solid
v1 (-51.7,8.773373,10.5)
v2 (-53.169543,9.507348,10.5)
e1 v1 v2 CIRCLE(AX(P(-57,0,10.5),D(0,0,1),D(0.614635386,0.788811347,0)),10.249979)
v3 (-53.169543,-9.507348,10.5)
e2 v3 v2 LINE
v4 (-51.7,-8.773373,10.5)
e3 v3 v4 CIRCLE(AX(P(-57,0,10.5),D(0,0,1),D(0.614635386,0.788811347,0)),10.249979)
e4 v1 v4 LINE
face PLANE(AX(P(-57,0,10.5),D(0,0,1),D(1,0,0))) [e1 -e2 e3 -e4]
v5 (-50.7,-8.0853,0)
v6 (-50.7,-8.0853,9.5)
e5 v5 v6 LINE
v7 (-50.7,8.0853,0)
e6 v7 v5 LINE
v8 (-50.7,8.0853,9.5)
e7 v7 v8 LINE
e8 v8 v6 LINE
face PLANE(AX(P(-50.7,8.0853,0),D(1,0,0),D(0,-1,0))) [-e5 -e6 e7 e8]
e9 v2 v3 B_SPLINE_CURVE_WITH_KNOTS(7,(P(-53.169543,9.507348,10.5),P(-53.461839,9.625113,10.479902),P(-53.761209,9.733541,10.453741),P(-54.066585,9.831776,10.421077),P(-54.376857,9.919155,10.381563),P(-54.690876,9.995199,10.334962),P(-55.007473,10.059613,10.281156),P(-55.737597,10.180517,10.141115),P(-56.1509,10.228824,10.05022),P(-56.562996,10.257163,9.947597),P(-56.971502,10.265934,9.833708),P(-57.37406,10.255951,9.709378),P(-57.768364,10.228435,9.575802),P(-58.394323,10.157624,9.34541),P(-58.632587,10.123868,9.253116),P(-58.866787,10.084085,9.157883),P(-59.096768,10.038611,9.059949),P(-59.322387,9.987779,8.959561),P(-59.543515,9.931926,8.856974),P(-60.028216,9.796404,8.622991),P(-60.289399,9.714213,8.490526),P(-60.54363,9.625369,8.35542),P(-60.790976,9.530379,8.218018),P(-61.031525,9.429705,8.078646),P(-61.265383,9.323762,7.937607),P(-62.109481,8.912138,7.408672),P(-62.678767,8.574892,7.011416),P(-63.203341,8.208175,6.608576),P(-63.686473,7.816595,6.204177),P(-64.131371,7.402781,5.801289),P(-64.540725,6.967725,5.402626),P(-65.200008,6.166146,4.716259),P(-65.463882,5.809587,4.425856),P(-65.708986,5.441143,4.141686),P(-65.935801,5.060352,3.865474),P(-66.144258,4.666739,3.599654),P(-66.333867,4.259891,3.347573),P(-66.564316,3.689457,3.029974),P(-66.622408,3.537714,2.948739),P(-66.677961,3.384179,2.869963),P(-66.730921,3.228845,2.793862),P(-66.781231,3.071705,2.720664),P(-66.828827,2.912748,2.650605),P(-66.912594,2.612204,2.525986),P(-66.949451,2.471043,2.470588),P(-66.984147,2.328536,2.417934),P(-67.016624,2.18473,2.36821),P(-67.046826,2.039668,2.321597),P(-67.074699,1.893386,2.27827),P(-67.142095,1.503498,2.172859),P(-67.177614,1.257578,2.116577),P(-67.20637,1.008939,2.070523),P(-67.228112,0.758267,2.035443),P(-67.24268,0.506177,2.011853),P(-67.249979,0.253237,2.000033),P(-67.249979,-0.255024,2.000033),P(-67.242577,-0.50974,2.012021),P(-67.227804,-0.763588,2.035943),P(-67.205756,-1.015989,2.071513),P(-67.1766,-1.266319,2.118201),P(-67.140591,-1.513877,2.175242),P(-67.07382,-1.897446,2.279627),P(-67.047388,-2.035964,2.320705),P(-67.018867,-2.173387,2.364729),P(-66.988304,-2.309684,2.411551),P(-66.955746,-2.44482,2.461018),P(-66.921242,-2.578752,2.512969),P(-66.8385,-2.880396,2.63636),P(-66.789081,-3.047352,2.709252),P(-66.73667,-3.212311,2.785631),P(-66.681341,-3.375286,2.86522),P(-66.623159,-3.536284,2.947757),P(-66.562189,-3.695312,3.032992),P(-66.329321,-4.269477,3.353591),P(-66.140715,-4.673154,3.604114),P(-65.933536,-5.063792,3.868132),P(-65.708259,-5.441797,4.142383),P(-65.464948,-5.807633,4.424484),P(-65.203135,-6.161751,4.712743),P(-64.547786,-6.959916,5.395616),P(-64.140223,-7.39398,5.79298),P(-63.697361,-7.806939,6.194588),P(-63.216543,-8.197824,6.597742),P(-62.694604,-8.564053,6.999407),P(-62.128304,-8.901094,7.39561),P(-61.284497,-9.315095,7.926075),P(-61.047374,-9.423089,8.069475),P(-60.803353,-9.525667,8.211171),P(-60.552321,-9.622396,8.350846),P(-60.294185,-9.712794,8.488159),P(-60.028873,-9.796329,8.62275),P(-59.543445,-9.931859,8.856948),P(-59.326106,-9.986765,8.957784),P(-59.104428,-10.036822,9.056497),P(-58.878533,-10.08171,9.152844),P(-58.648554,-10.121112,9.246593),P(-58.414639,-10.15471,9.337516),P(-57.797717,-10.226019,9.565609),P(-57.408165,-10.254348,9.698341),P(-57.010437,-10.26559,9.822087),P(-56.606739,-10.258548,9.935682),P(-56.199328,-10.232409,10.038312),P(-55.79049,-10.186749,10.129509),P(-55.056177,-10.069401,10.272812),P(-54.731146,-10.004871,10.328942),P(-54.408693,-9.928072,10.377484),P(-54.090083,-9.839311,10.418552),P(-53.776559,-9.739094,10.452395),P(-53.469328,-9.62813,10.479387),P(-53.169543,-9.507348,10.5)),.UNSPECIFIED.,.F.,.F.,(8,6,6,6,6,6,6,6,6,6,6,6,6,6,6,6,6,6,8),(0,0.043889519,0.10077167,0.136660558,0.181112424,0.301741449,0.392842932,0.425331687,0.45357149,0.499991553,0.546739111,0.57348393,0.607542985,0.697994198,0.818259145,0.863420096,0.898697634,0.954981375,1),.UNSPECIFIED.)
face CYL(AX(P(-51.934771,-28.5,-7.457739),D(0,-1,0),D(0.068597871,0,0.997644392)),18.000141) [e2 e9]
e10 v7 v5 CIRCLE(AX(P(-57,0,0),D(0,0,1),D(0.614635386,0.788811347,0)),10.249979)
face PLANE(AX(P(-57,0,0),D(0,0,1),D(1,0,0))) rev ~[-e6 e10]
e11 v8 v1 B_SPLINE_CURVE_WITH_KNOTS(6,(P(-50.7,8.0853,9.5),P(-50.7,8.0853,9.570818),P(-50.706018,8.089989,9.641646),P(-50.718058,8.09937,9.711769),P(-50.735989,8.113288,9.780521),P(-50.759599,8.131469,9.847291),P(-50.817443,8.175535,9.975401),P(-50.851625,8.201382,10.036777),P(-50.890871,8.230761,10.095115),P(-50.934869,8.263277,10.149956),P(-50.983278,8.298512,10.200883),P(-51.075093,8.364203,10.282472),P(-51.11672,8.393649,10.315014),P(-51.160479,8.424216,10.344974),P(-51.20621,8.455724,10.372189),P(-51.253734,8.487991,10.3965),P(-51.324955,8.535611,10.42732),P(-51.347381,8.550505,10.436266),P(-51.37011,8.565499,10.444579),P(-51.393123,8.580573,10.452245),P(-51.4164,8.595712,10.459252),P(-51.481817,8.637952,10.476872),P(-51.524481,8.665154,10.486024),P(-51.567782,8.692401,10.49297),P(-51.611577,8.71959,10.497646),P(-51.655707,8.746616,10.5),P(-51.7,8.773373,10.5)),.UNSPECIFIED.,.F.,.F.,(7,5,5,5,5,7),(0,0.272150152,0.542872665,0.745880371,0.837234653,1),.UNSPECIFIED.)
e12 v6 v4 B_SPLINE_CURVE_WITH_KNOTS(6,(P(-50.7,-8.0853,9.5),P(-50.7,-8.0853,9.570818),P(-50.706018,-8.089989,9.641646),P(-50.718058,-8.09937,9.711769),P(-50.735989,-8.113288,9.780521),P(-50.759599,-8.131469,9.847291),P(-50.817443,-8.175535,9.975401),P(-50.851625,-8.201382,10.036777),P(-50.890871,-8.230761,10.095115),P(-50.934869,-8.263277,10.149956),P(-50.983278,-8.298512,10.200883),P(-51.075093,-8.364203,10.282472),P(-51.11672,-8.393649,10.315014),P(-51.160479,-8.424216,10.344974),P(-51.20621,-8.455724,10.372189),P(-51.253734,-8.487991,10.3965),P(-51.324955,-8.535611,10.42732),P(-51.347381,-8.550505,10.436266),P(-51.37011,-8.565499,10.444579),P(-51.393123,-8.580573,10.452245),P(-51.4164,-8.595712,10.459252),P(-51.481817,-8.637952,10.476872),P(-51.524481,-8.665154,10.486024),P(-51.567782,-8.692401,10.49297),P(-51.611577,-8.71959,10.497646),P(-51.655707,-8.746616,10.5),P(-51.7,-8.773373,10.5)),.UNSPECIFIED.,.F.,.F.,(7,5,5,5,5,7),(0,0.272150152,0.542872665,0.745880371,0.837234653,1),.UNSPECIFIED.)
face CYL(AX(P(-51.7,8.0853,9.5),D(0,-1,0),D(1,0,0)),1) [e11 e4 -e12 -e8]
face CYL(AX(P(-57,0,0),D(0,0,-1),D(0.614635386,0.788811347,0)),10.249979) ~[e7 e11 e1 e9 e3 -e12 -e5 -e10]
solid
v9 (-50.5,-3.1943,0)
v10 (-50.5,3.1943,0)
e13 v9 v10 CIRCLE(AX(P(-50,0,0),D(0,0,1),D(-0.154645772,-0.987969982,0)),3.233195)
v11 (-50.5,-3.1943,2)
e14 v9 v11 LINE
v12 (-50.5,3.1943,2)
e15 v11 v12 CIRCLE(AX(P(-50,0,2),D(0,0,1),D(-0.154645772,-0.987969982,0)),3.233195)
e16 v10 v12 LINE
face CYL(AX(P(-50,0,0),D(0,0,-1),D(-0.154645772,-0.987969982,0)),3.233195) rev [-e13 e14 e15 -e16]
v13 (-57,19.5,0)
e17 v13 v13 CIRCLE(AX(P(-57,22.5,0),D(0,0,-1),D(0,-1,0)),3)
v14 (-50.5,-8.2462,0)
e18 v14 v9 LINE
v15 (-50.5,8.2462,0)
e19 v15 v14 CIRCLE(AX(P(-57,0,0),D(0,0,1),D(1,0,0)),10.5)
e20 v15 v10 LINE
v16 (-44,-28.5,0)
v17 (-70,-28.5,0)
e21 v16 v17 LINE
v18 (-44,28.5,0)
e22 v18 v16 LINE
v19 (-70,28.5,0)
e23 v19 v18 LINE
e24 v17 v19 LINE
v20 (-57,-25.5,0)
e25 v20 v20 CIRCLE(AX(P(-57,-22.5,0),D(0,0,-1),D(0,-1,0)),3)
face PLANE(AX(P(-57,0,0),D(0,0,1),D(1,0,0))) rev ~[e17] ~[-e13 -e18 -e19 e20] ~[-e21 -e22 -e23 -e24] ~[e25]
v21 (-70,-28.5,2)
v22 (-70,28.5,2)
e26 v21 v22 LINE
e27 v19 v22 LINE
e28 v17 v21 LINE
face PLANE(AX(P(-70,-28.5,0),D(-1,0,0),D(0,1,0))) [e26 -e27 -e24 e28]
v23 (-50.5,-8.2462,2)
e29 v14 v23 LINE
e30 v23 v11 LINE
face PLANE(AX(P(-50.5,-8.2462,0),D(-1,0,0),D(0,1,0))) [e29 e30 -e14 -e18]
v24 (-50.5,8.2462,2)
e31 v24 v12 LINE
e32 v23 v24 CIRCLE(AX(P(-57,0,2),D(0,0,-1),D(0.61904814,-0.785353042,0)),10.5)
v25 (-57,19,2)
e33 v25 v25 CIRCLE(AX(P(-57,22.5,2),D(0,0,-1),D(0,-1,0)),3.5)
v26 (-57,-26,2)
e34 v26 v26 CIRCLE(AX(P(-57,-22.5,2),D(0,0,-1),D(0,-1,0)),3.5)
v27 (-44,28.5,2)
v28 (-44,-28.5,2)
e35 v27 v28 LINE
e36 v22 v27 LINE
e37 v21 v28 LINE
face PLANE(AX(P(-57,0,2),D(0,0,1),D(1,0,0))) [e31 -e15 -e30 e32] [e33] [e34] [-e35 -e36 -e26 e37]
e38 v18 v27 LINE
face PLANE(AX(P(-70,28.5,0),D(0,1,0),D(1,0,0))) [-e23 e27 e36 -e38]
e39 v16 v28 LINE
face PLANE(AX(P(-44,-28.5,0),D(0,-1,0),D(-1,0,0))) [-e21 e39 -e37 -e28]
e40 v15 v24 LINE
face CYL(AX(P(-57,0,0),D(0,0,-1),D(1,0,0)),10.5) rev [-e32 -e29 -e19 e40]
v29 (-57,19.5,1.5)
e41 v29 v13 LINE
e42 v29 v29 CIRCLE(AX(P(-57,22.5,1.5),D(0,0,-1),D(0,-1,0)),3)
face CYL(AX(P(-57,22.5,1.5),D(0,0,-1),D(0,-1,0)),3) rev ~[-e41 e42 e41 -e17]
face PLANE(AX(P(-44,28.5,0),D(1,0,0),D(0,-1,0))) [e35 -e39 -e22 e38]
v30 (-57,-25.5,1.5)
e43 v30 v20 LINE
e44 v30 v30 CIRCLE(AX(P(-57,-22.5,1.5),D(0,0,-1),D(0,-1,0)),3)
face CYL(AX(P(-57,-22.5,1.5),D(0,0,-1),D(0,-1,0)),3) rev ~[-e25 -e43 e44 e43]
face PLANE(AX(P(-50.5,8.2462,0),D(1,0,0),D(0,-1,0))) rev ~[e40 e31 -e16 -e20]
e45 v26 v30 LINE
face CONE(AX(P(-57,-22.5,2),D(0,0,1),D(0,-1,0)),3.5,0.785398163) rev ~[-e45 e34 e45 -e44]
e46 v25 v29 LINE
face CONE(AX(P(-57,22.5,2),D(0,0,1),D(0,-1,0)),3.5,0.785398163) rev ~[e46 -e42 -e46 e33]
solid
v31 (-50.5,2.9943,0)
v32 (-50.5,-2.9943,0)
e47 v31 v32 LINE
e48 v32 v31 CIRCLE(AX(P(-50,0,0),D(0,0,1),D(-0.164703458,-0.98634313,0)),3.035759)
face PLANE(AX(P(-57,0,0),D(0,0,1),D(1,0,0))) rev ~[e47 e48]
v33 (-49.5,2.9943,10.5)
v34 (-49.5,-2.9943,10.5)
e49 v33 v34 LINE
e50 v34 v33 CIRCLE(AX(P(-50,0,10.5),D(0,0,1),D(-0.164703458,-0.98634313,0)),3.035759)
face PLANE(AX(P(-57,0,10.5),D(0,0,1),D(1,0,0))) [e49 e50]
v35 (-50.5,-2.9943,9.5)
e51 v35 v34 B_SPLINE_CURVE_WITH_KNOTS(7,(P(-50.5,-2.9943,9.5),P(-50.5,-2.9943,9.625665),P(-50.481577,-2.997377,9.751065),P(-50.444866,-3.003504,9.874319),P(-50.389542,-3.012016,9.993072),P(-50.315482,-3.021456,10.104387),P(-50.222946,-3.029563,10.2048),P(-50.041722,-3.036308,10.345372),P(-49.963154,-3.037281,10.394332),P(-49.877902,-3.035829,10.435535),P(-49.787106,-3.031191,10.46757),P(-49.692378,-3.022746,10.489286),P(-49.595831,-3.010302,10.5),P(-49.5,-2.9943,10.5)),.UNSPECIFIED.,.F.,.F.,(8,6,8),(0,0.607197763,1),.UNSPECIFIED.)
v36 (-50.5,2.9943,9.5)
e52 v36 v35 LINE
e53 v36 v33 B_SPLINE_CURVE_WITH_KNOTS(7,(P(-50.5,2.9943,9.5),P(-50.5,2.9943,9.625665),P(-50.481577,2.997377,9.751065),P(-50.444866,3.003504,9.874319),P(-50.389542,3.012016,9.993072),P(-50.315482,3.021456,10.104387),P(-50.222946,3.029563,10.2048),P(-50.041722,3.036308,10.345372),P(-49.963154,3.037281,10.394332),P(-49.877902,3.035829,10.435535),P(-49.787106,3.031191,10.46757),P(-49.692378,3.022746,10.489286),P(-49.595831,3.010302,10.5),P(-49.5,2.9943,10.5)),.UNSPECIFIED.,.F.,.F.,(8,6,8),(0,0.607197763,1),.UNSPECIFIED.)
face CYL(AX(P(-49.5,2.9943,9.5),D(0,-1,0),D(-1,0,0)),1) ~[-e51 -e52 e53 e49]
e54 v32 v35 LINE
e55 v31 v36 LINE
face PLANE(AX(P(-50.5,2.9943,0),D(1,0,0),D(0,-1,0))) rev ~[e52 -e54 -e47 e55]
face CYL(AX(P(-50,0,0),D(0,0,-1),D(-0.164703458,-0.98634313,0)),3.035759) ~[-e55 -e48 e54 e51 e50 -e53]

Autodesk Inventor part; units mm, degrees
ref_plane "YZ Plane" through (0, 0, 0) normal (1, 0, 0) x (0, 1, 0)
sketch "Boceto1" plane through (-57, 0, 0) normal (0, 0, 1) x (1, 0, 0)
  line L0 (-13, 28.5) -> (13, 28.5)
  line L1 (13, 28.5) -> (13, -28.5)
  line L2 (13, -28.5) -> (-13, -28.5)
  line L3 (-13, -28.5) -> (-13, 28.5)
  line L4 (-13, 28.5) -> (13, -28.5) construction
  line L5 (13, 28.5) -> (-13, -28.5) construction
  circle A0 centre (0, 0) radius 10.5 projected
  line L6 (6.5, -8.2462) -> (6.5, -3.1943)
  line L7 (6.5, 8.2462) -> (6.5, 3.1943)
  line L8 (10.2924, 0) -> (-1.6343, 0) construction
  arc A1 (6.5, -3.1943) -> (6.5, 3.1943) centre (7, 0) ccw
  arc A2 (6.5, -8.2462) -> (6.5, 8.2462) centre (0, 0) ccw construction
  point P0 (5.5, 0)
  dimension "d27" = 13
  dimension "d68" = 6.5
  dimension "d69" = 3.2332
  dimension "d72" = 0.5
  dimension "d105" = 28.5
  dimension "d106" = 26
  dimension "d107" = 57
extrude "Extrusión1" add sketch "Boceto1" along normal blind 2 contours L0 L1 L2 L3 | A0 L6 A1 L7 picked at (7.0604, -6.0073)
ref_plane "Plano de trabajo1" through (-57, 0, 0) normal (0, 0, -1) x (-1, 0, 0)
sketch "Boceto2" plane through (-57, 0, 0) normal (0, 0, 1) x (1, 0, 0)
  line L0 (6.5, 2.9943) -> (6.5, -2.9943)
  arc A0 (6.5, -2.9943) -> (6.5, 2.9943) centre (7, 0) ccw
  line L1 (6.3, 8.0853) -> (6.3, -8.0853)
  arc A1 (6.3, 8.0853) -> (6.3, -8.0853) centre (0, 0) ccw
  point P0 (6.5, 0)
  dimension "d41" = 3.0357
  dimension "d42" = 0.5
  dimension "d43" = 0.2
  dimension "d111" = 20.5
extrude "Extrusión2" add sketch "Boceto2" along normal blind 10.5
ref_plane "Plano de trabajo2" through (-70, -28.5, 0) normal (0, -1, 0) x (1, 0, 0)
sketch "Boceto3" plane through (-57, -28.5, 0) normal (0, -1, 0) x (1, 0, 0)
  line L0 (6.3, 2) -> (-10.25, 2)
  arc A0 (6.3, 10.5) -> (-10.25, 2) centre (5.0652, -7.4576) ccw
  line L1 (6.3, 2) -> (6.3, 10.5)
  line L2 (6.3, 10.5) -> (-10.25, 10.5)
  line L3 (-10.25, 10.5) -> (-10.25, 2)
  point P0 (57, 0)
  point P1 (3.8303, 10.5)
  dimension "d110" = 18
extrude "Extrusión3" cut sketch "Boceto3" against normal up to surface (57 mm away) contours L3 L2 A0
fillet "Empalme3" radius 1 2 edges at (-50.7, 0, 10.5) (-50.5, 0, 10.5)
sketch "Boceto12" plane through (-57, 0, 2) normal (0, 0, 1) x (1, 0, 0)
  circle A0 centre (0, 22.5) radius 3
  line L0 (13, 28.5) -> (-13, 28.5) projected
  circle A1 centre (0, -22.5) radius 3
  line L1 (-13, -28.5) -> (13, -28.5) projected
  line L2 (13, -28.5) -> (13, 28.5) projected
  line L3 (-13, 28.5) -> (-13, -28.5) projected
  point P0 (57, 0)
  dimension "d114" = 6
  dimension "d115" = 6
  dimension "d116" = 6
  dimension "d117" = 6
  dimension "d118" = 13
  dimension "d119" = 13
  dimension "d120" = 13
  dimension "d121" = 13
  dimension "d122" = 45
hole "Agujero2" at (-57, 22.5, 2) at (-57, -22.5, 2) direction (0, 0, -1) diameter 6 depth 2 countersink diameter 7 countersink angle 90
properties part number "LOK-58 CERRADURA PICAPORTE (PASADOR)" material "Acero inoxidable"
